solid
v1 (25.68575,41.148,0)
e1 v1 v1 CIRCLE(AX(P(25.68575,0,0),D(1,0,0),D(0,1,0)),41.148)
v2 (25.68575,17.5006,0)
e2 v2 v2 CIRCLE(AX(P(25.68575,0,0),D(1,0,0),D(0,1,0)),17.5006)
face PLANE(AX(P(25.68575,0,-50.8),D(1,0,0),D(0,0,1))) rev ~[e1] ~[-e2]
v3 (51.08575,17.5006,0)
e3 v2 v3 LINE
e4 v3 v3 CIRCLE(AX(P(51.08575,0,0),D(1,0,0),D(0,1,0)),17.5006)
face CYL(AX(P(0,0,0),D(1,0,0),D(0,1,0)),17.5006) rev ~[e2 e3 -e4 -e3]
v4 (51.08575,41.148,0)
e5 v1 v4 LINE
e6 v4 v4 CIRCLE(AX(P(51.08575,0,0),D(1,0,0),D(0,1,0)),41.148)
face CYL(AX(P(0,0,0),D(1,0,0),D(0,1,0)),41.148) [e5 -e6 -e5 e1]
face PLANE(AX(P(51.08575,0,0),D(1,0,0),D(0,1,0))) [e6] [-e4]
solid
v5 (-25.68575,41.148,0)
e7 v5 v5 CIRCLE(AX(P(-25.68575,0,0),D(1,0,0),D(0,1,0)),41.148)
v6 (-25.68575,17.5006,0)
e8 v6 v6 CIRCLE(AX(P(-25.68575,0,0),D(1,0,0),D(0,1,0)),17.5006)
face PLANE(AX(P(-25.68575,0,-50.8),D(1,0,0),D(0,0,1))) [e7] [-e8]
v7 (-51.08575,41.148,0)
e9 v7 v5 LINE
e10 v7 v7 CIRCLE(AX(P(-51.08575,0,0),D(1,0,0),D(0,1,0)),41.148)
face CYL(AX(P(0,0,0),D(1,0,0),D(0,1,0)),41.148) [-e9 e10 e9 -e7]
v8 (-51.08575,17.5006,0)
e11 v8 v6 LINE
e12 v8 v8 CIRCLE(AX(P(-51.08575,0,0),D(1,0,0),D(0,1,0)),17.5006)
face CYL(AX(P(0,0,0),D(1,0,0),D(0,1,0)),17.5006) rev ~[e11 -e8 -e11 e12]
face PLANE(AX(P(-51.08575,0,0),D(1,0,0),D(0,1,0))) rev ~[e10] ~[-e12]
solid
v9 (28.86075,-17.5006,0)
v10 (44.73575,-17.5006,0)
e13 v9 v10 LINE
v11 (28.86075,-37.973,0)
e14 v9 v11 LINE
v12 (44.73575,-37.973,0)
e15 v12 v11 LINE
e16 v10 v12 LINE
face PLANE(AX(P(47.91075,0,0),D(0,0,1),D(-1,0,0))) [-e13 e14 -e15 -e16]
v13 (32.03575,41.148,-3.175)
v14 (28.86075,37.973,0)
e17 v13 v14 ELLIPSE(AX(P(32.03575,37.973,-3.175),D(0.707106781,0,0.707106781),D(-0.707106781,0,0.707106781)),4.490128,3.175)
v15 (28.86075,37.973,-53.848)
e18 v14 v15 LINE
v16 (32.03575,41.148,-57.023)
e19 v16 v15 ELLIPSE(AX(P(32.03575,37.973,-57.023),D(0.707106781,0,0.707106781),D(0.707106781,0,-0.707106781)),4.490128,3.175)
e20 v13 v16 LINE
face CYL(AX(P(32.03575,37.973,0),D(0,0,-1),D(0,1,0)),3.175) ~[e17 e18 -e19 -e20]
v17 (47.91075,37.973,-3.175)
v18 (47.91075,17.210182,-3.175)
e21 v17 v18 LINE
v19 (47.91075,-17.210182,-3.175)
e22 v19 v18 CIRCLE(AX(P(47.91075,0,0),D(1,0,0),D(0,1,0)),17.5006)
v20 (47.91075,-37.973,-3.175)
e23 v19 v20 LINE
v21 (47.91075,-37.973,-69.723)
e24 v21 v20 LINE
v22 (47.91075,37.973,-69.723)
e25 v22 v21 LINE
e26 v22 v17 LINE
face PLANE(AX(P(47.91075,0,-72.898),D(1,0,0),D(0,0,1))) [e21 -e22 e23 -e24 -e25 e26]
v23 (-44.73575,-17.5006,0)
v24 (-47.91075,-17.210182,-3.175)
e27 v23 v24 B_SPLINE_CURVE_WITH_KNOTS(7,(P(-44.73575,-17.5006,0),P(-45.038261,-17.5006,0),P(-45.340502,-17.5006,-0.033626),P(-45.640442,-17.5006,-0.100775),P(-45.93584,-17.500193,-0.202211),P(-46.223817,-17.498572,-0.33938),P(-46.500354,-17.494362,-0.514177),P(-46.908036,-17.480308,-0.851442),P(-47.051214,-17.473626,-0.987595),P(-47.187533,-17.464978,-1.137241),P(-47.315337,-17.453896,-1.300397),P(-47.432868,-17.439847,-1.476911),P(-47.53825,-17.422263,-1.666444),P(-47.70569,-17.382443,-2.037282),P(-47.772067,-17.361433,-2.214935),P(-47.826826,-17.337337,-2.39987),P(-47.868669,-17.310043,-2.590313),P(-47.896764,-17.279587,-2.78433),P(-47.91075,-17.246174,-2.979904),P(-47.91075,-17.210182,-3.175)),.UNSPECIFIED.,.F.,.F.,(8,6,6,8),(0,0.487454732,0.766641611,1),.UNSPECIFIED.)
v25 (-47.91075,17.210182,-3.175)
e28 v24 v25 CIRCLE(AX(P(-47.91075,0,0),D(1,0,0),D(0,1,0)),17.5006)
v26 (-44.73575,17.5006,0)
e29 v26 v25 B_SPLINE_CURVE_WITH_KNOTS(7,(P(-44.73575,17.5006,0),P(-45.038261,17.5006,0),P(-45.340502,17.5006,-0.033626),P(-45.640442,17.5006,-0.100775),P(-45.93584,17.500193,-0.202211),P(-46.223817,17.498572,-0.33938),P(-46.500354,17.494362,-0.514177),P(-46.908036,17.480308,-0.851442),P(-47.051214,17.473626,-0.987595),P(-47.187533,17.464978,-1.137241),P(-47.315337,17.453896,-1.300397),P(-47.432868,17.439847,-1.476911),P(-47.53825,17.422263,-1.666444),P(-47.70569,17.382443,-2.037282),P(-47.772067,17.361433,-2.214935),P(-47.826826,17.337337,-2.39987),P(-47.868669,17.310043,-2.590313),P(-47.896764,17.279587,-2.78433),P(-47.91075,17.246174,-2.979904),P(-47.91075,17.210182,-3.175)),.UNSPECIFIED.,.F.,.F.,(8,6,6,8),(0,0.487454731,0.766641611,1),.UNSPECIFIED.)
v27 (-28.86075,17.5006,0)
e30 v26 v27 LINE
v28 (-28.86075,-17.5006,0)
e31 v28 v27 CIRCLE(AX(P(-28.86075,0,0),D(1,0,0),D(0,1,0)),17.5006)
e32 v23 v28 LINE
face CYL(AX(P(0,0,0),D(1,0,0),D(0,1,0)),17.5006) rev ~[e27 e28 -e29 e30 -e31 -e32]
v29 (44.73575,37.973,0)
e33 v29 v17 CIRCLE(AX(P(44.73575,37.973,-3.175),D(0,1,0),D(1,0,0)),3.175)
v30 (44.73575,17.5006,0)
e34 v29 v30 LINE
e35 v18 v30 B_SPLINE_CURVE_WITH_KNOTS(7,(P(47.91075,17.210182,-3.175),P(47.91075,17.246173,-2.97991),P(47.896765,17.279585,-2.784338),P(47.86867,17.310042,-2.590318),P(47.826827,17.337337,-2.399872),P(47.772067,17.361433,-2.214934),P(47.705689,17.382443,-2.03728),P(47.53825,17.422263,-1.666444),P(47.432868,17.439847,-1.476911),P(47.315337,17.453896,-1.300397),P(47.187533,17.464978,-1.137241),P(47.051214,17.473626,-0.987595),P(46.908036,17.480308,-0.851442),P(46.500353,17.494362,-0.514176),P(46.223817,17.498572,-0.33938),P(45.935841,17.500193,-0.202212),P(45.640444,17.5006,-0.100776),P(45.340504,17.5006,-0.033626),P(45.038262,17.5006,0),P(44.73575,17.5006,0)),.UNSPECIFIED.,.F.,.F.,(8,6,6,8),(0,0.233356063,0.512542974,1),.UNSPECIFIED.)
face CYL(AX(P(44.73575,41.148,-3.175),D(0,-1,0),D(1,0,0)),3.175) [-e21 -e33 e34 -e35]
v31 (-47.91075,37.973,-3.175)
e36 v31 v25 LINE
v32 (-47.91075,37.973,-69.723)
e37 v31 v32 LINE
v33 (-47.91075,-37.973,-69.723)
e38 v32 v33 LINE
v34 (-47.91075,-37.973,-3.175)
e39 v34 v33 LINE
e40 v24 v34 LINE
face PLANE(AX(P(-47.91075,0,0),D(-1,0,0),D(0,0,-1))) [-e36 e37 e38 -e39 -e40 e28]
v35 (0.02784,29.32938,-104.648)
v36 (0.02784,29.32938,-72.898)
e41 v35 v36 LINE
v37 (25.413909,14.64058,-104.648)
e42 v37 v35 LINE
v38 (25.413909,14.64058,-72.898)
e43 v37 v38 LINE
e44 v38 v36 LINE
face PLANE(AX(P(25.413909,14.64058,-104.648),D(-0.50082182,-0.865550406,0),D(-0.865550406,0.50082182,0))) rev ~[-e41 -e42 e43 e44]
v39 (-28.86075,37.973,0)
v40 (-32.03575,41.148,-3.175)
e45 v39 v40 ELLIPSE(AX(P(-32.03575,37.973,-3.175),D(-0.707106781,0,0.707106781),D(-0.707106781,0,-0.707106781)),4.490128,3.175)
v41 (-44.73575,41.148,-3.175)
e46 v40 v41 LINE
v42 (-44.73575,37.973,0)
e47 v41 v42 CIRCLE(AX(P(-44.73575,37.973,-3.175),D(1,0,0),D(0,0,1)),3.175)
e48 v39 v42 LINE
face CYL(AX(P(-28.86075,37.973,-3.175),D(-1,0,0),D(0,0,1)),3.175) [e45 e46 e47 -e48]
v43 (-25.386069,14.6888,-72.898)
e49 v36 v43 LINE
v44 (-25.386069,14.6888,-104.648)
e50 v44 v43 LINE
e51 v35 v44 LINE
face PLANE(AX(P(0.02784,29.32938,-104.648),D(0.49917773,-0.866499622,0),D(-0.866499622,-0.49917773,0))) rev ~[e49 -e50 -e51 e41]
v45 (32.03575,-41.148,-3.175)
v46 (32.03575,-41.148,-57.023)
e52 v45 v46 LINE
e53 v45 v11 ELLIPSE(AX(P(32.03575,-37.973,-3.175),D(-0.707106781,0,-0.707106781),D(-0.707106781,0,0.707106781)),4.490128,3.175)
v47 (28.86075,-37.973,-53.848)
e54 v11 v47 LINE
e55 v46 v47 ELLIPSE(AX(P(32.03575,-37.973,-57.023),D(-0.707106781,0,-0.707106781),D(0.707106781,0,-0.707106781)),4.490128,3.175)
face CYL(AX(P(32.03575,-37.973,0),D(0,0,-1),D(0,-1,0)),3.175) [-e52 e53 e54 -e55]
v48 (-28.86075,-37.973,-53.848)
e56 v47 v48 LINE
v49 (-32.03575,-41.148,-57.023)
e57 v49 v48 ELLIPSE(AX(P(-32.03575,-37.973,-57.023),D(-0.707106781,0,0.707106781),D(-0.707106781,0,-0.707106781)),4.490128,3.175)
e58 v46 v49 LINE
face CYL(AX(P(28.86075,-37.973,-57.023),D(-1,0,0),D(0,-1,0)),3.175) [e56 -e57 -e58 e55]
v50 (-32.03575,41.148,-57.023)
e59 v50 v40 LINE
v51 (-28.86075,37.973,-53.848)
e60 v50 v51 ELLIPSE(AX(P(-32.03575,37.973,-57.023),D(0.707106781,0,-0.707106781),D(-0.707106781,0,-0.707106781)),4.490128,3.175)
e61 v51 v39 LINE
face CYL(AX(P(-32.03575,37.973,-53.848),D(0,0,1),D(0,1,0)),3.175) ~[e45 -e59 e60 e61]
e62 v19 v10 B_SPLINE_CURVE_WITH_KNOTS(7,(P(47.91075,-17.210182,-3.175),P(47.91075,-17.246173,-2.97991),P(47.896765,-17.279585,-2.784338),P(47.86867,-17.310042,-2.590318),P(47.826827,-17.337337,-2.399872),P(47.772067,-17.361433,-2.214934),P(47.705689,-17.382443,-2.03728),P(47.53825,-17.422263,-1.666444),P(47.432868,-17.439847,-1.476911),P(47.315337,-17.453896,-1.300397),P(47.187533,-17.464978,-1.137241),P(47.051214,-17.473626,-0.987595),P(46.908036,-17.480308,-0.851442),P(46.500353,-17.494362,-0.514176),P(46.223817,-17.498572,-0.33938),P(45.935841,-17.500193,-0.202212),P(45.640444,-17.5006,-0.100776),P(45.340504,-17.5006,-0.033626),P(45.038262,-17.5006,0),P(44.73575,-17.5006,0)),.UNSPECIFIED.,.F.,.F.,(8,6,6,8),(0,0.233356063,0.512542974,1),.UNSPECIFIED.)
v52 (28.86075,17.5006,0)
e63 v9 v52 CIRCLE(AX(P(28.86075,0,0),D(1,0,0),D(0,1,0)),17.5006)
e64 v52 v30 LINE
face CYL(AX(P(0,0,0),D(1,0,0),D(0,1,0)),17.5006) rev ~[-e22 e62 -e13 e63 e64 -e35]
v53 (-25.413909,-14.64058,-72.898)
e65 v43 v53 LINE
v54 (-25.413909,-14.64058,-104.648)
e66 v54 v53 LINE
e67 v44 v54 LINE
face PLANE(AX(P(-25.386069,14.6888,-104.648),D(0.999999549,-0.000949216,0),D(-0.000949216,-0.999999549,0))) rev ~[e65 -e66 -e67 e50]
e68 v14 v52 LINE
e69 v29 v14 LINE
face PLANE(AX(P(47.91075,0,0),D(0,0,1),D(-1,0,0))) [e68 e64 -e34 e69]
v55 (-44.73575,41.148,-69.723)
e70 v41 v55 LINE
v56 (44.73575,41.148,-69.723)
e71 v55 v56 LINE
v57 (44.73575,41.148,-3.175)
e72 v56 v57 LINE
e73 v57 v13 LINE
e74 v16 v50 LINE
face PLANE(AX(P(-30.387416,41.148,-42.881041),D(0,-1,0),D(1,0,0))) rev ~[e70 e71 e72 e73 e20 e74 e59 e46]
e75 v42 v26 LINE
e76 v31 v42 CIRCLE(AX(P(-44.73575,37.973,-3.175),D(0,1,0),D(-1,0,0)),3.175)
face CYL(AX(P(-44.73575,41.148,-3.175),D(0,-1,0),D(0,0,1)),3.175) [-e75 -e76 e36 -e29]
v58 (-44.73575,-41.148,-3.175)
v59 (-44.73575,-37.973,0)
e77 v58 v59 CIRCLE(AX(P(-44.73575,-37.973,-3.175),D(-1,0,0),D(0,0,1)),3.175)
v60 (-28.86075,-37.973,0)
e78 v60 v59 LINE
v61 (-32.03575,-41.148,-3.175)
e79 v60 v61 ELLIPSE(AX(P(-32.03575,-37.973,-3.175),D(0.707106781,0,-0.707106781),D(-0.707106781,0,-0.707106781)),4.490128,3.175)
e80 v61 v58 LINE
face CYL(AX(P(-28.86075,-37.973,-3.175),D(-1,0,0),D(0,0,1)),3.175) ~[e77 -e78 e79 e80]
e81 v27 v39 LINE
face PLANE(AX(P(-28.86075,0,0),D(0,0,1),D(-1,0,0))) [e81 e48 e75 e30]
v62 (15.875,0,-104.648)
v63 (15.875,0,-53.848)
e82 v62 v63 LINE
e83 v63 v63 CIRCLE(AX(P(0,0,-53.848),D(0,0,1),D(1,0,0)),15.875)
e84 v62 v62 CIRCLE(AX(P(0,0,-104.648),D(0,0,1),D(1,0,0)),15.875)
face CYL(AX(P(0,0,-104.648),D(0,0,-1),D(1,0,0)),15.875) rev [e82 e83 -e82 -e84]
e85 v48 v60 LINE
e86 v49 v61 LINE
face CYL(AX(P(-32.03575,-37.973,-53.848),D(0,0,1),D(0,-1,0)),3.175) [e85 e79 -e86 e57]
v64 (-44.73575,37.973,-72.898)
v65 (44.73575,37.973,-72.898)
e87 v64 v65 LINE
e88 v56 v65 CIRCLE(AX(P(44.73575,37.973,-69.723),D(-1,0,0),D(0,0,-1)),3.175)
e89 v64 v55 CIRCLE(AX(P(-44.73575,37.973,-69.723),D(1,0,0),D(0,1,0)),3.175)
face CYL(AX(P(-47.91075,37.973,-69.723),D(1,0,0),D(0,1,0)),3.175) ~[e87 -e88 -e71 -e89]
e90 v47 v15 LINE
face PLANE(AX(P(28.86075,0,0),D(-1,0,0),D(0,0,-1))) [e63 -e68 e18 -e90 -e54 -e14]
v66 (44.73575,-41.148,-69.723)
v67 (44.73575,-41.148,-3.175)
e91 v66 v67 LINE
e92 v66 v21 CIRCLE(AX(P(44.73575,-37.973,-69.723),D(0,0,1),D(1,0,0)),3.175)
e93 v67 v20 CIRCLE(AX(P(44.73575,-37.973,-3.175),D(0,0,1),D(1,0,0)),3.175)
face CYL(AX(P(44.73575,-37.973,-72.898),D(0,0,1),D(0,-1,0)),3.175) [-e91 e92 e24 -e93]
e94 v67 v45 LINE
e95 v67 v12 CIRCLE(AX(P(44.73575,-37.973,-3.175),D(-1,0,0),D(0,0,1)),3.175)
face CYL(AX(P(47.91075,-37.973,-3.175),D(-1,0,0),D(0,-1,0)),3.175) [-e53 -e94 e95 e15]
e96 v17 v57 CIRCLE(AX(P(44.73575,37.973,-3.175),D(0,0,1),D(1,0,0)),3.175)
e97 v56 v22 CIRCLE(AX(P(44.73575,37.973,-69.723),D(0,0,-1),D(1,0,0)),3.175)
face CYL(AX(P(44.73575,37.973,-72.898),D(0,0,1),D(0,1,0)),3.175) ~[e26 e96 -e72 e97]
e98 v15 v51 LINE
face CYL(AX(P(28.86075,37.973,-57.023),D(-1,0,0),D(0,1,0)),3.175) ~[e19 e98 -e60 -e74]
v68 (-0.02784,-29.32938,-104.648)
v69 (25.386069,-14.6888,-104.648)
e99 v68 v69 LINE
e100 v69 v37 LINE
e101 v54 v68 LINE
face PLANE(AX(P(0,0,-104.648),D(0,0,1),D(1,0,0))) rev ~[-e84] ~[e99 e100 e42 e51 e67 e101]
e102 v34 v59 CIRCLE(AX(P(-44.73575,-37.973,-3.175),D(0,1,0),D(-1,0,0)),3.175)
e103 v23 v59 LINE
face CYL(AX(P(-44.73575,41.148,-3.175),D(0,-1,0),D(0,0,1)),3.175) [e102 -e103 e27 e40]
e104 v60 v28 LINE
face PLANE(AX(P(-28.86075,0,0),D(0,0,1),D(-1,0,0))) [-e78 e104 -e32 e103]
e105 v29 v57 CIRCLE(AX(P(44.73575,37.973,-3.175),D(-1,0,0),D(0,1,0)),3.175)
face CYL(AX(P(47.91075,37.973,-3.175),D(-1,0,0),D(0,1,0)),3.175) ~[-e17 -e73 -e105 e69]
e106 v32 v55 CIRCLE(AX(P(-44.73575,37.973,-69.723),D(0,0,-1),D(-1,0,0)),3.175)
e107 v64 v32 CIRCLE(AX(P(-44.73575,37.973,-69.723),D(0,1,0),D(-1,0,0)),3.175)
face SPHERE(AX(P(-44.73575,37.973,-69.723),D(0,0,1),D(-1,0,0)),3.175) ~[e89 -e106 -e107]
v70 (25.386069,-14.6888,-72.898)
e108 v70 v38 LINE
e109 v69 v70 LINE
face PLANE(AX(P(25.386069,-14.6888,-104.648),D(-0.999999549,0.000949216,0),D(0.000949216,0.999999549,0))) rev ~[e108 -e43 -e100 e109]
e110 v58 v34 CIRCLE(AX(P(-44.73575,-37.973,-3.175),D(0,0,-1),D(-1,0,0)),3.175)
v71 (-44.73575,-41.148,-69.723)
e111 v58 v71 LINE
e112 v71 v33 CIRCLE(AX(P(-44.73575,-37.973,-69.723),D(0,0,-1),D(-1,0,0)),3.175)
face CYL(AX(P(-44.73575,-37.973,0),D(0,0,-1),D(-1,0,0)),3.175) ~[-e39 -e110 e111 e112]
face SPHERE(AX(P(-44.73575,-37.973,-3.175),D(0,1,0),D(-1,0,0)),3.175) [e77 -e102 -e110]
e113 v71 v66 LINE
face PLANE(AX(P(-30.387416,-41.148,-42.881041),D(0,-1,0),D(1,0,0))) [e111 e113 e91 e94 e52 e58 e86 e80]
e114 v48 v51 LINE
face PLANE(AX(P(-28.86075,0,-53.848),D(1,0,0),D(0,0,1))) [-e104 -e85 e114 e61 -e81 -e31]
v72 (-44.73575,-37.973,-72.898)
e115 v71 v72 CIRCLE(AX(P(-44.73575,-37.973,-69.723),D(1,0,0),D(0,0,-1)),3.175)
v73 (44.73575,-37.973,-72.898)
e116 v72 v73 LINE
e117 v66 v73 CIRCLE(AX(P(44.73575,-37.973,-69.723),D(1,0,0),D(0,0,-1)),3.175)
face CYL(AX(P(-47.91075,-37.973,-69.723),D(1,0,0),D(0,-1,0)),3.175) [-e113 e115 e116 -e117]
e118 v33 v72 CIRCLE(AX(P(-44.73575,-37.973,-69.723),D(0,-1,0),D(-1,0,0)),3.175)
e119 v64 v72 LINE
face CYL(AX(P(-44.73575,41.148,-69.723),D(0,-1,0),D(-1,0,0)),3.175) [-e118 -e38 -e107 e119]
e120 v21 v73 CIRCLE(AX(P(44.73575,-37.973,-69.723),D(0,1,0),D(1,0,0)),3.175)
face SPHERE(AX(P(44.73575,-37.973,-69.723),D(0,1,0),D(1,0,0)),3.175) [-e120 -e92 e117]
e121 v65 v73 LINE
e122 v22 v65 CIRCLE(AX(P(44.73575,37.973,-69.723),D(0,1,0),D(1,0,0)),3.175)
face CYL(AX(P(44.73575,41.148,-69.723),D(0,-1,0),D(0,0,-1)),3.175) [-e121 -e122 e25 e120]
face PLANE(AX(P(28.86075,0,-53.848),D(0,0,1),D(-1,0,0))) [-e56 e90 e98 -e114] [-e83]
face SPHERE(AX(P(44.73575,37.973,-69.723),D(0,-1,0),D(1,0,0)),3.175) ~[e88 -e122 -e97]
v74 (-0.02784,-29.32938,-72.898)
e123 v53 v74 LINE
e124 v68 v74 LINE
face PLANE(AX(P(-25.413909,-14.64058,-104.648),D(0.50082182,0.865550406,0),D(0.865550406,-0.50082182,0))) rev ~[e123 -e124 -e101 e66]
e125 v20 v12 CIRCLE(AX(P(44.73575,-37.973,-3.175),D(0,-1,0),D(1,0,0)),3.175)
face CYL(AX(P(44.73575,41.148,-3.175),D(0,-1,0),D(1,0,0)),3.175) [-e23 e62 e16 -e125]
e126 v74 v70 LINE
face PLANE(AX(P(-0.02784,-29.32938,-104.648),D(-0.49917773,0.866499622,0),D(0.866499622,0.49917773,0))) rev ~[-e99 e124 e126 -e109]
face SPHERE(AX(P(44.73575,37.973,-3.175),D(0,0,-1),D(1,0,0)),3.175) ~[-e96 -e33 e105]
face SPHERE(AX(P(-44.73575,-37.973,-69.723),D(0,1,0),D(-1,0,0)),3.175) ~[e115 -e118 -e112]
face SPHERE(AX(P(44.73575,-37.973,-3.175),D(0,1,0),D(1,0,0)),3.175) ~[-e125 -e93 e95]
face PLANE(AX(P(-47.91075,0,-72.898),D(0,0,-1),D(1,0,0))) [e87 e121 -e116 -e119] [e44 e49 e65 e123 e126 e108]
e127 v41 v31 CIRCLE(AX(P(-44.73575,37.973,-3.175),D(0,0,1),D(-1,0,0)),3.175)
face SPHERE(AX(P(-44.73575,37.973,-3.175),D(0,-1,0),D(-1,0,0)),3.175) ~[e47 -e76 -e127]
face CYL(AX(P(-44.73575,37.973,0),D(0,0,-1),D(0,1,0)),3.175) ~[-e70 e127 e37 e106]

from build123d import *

# Parameters (mm, degrees)
F0_R      = 41.148
F1_DEPTH  = 51.08575
F4_W      = 51.3715
F4_H      = 101.6
F5_DEPTH  = 63.5
F7_DEPTH  = 41.148
F8_DEPTH  = 31.75
F9_R      = 3.175
F10_R     = 17.5006
F11_DEPTH = 63.5
F12_R     = 15.875
F13_DEPTH = 50.8


with BuildPart() as f1:
    # F0 (on Right) → F1 (new body, symmetric)
    with BuildSketch(Plane.YZ):
        Circle(F0_R)
    extrude(amount=F1_DEPTH, both=True)

    # F4 (on Front) → F5 (cut, symmetric)
    with BuildSketch(Plane.XZ):
        Rectangle(F4_W, F4_H)
    extrude(amount=F5_DEPTH, both=True, mode=Mode.SUBTRACT)


with BuildPart() as f7:
    # F6 (on Front) → F7 (new body, symmetric)
    with BuildSketch(Plane.XZ):
        Polygon((-28.86075, 0), (-47.91075, 0), (-47.91075, -72.898), (0, -72.898), (0, -53.848), (-28.86075, -53.848), align=None)
        Polygon((0, -53.848), (0, -72.898), (47.91075, -72.898), (47.91075, 0), (28.86075, 0), (28.86075, -53.848), align=None)
    extrude(amount=F7_DEPTH, both=True)

    # F3 (on offset) → F8 (join, through all)
    with BuildSketch(Plane.XY.offset(-104.648)):
        Polygon((-25.4139085214, -14.6405801456), (-0.0278399285, -29.3293804618), (25.3860685929, -14.6888003162), (25.4139085214, 14.6405801456), (0.0278399285, 29.3293804618), (-25.3860685929, 14.6888003162), align=None)
    extrude(amount=F8_DEPTH)

    # F9
    f9_edges = [f7.edges().sort_by_distance(p)[0] for p in [
        (47.91075, 0, -72.898),
        (47.91075, 41.148, -36.449),
        (47.91075, 0, 0),
        (47.91075, -41.148, -36.449),
        (-47.91075, 0, 0),
        (-47.91075, 41.148, -36.449),
        (-47.91075, 0, -72.898),
        (-47.91075, -41.148, -36.449),
        (-38.38575, -41.148, 0),
        (0, -41.148, -72.898),
        (38.38575, -41.148, 0),
        (28.86075, -41.148, -26.924),
        (0, -41.148, -53.848),
        (-28.86075, -41.148, -26.924),
        (-38.38575, 41.148, 0),
        (0, 41.148, -72.898),
        (38.38575, 41.148, 0),
        (28.86075, 41.148, -26.924),
        (0, 41.148, -53.848),
        (-28.86075, 41.148, -26.924),
    ]]
    fillet(f9_edges, radius=F9_R)


with BuildPart() as f11_tool:
    # F10 (on Right) → F11 (new body, symmetric)
    with BuildSketch(Plane.YZ):
        Circle(F10_R)
    extrude(amount=F11_DEPTH, both=True)


with BuildPart() as f1_1:
    add(f1.part)

    # F11: cut by f11_tool
    add(f11_tool.part, mode=Mode.SUBTRACT)


with BuildPart() as f7_1:
    add(f7.part)

    # F11: cut by f11_tool
    add(f11_tool.part, mode=Mode.SUBTRACT)

    # F12 (on offset) → F13 (cut, through all)
    with BuildSketch(Plane.XY.offset(-104.648)):
        Circle(F12_R)
    extrude(amount=F13_DEPTH, mode=Mode.SUBTRACT)


solid = Compound([f1_1.part, f7_1.part])
